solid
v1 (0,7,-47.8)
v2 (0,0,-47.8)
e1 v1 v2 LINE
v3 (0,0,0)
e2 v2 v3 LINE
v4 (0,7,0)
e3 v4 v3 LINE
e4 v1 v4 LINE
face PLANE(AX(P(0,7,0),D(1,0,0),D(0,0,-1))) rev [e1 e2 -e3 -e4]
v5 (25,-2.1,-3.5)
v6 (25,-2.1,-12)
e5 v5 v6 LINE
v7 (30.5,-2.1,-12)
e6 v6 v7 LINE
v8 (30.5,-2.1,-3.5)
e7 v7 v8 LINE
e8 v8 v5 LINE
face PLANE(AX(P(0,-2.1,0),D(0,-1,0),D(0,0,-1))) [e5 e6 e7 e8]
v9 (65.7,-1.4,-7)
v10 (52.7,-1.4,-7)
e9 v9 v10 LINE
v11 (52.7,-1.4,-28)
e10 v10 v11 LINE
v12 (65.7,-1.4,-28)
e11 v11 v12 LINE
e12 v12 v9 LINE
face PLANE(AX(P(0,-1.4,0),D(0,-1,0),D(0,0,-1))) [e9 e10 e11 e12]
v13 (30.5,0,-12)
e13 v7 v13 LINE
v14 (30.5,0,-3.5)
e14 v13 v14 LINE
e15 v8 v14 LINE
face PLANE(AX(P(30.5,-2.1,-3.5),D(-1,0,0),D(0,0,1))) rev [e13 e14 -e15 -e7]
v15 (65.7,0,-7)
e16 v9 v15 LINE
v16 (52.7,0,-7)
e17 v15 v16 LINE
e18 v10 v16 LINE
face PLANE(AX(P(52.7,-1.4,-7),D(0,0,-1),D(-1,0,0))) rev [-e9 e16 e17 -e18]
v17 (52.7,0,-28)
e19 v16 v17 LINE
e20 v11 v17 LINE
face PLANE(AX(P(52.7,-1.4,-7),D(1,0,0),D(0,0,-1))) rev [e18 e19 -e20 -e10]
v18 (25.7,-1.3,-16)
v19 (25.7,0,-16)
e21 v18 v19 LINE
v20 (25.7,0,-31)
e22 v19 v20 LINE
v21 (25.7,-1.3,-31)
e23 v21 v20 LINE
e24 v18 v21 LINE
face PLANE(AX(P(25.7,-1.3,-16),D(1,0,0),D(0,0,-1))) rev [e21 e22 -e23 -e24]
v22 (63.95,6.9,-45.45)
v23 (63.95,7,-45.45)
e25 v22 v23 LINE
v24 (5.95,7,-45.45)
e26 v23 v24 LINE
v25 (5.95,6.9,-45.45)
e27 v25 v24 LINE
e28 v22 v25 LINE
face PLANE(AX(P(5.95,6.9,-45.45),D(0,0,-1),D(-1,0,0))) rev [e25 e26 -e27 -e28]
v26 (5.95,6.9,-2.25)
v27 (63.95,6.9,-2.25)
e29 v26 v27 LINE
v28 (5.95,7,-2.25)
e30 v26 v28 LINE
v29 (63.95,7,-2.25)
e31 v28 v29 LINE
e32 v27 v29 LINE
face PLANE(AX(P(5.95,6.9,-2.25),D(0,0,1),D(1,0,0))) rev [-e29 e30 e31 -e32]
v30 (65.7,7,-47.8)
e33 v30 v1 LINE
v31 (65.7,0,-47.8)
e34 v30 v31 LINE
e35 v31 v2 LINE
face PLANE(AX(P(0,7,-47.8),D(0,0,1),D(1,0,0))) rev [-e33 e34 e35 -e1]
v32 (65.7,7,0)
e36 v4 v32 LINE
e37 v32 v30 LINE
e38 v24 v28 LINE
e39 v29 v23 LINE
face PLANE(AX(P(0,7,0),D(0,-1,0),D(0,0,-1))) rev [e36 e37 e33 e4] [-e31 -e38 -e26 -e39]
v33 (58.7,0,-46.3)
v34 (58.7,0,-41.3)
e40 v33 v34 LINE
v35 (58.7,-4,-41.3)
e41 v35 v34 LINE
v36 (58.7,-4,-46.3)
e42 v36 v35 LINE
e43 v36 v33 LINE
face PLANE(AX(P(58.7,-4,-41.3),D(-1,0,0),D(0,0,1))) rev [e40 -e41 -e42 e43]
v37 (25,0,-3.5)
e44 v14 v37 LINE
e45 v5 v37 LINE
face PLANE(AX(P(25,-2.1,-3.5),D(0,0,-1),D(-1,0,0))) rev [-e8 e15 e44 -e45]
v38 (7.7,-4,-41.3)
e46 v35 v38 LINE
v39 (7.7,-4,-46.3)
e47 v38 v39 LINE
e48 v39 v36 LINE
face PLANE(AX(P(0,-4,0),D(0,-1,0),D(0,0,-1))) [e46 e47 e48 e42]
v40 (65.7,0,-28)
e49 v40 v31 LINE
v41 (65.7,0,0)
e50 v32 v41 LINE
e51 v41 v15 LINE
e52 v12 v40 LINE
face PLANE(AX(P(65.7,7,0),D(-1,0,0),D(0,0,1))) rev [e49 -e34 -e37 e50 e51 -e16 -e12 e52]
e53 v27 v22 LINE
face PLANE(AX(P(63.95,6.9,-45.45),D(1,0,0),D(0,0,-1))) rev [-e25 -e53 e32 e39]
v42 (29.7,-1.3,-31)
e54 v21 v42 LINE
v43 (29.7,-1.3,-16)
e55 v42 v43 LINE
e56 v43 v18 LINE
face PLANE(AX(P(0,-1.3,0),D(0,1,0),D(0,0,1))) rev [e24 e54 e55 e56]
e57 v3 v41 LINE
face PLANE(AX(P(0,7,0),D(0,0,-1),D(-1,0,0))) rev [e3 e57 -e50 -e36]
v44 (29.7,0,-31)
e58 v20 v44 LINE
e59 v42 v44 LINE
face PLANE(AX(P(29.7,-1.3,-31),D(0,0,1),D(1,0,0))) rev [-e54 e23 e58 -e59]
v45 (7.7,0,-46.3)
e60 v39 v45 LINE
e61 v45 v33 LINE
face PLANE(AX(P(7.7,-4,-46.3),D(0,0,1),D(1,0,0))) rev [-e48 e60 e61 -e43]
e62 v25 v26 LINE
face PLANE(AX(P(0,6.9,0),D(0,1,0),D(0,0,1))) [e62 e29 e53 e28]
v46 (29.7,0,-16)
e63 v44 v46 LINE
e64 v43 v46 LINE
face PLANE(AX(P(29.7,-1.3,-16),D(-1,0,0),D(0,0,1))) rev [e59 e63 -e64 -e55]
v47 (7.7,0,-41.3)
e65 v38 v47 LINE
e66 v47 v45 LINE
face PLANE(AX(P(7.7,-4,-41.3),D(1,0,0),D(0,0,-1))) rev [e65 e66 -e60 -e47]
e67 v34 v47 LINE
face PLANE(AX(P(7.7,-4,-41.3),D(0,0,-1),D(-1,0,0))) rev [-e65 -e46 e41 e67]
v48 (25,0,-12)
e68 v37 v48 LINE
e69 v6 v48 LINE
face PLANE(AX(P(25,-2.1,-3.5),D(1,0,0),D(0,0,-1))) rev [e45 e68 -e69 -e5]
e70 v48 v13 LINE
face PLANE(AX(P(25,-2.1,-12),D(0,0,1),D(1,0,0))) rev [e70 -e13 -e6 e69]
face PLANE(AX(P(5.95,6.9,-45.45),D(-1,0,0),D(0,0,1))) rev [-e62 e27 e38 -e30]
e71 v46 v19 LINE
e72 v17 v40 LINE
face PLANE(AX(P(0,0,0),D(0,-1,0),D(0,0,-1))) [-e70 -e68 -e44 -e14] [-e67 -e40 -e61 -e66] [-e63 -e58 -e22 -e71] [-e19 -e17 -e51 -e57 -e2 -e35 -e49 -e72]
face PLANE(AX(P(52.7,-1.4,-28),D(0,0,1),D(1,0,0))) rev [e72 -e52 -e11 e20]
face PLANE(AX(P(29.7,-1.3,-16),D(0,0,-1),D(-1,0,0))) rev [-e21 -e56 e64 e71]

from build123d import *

# Parameters (mm, degrees)
SKETCH1_W           = 65.7
SKETCH1_H           = 47.8
BOSS_EXTRUDE1_DEPTH = 7
SKETCH2_W           = 58
SKETCH2_H           = 43.2
CUT_EXTRUDE1_DEPTH  = 0.1
SKETCH3_W           = 13
SKETCH3_H           = 21
BOSS_EXTRUDE2_DEPTH = 1.4
SKETCH4_W           = 5.5
SKETCH4_H           = 8.5
BOSS_EXTRUDE3_DEPTH = 2.1
SKETCH5_W           = 4
SKETCH5_H           = 15
BOSS_EXTRUDE4_DEPTH = 1.3
SKETCH6_W           = 51
SKETCH6_H           = 5
BOSS_EXTRUDE5_DEPTH = 4


with BuildPart() as part:
    # Sketch1 → Boss-Extrude1 (new body)
    with BuildSketch(Plane(origin=(0, 0, 0), x_dir=(1, 0, 0), z_dir=(0, 1, 0))):
        with Locations((32.85, 23.9)):
            Rectangle(SKETCH1_W, SKETCH1_H)
    extrude(amount=BOSS_EXTRUDE1_DEPTH)

    # Sketch2 → Cut-Extrude1 (cut)
    with BuildSketch(Plane(origin=(0, 7, 0), x_dir=(1, 0, 0), z_dir=(0, 1, 0))):
        with Locations((34.95, 23.85)):
            Rectangle(SKETCH2_W, SKETCH2_H)
    extrude(amount=-CUT_EXTRUDE1_DEPTH, mode=Mode.SUBTRACT)

    # Sketch3 → Boss-Extrude2 (add)
    with BuildSketch(Plane.XZ):
        with Locations((59.2, -17.5)):
            Rectangle(SKETCH3_W, SKETCH3_H)
    extrude(amount=BOSS_EXTRUDE2_DEPTH)

    # Sketch4 → Boss-Extrude3 (add)
    with BuildSketch(Plane.XZ):
        with Locations((27.75, -7.75)):
            Rectangle(SKETCH4_W, SKETCH4_H)
    extrude(amount=BOSS_EXTRUDE3_DEPTH)

    # Sketch5 → Boss-Extrude4 (add)
    with BuildSketch(Plane.XZ):
        with Locations((27.7, -23.5)):
            Rectangle(SKETCH5_W, SKETCH5_H)
    extrude(amount=BOSS_EXTRUDE4_DEPTH)

    # Sketch6 → Boss-Extrude5 (add)
    with BuildSketch(Plane(origin=(0, 0, 0), x_dir=(-1, 0, 0), z_dir=(0, -1, 0))):
        with Locations((-33.2, 43.8)):
            Rectangle(SKETCH6_W, SKETCH6_H)
    extrude(amount=BOSS_EXTRUDE5_DEPTH)


solid = part.part
